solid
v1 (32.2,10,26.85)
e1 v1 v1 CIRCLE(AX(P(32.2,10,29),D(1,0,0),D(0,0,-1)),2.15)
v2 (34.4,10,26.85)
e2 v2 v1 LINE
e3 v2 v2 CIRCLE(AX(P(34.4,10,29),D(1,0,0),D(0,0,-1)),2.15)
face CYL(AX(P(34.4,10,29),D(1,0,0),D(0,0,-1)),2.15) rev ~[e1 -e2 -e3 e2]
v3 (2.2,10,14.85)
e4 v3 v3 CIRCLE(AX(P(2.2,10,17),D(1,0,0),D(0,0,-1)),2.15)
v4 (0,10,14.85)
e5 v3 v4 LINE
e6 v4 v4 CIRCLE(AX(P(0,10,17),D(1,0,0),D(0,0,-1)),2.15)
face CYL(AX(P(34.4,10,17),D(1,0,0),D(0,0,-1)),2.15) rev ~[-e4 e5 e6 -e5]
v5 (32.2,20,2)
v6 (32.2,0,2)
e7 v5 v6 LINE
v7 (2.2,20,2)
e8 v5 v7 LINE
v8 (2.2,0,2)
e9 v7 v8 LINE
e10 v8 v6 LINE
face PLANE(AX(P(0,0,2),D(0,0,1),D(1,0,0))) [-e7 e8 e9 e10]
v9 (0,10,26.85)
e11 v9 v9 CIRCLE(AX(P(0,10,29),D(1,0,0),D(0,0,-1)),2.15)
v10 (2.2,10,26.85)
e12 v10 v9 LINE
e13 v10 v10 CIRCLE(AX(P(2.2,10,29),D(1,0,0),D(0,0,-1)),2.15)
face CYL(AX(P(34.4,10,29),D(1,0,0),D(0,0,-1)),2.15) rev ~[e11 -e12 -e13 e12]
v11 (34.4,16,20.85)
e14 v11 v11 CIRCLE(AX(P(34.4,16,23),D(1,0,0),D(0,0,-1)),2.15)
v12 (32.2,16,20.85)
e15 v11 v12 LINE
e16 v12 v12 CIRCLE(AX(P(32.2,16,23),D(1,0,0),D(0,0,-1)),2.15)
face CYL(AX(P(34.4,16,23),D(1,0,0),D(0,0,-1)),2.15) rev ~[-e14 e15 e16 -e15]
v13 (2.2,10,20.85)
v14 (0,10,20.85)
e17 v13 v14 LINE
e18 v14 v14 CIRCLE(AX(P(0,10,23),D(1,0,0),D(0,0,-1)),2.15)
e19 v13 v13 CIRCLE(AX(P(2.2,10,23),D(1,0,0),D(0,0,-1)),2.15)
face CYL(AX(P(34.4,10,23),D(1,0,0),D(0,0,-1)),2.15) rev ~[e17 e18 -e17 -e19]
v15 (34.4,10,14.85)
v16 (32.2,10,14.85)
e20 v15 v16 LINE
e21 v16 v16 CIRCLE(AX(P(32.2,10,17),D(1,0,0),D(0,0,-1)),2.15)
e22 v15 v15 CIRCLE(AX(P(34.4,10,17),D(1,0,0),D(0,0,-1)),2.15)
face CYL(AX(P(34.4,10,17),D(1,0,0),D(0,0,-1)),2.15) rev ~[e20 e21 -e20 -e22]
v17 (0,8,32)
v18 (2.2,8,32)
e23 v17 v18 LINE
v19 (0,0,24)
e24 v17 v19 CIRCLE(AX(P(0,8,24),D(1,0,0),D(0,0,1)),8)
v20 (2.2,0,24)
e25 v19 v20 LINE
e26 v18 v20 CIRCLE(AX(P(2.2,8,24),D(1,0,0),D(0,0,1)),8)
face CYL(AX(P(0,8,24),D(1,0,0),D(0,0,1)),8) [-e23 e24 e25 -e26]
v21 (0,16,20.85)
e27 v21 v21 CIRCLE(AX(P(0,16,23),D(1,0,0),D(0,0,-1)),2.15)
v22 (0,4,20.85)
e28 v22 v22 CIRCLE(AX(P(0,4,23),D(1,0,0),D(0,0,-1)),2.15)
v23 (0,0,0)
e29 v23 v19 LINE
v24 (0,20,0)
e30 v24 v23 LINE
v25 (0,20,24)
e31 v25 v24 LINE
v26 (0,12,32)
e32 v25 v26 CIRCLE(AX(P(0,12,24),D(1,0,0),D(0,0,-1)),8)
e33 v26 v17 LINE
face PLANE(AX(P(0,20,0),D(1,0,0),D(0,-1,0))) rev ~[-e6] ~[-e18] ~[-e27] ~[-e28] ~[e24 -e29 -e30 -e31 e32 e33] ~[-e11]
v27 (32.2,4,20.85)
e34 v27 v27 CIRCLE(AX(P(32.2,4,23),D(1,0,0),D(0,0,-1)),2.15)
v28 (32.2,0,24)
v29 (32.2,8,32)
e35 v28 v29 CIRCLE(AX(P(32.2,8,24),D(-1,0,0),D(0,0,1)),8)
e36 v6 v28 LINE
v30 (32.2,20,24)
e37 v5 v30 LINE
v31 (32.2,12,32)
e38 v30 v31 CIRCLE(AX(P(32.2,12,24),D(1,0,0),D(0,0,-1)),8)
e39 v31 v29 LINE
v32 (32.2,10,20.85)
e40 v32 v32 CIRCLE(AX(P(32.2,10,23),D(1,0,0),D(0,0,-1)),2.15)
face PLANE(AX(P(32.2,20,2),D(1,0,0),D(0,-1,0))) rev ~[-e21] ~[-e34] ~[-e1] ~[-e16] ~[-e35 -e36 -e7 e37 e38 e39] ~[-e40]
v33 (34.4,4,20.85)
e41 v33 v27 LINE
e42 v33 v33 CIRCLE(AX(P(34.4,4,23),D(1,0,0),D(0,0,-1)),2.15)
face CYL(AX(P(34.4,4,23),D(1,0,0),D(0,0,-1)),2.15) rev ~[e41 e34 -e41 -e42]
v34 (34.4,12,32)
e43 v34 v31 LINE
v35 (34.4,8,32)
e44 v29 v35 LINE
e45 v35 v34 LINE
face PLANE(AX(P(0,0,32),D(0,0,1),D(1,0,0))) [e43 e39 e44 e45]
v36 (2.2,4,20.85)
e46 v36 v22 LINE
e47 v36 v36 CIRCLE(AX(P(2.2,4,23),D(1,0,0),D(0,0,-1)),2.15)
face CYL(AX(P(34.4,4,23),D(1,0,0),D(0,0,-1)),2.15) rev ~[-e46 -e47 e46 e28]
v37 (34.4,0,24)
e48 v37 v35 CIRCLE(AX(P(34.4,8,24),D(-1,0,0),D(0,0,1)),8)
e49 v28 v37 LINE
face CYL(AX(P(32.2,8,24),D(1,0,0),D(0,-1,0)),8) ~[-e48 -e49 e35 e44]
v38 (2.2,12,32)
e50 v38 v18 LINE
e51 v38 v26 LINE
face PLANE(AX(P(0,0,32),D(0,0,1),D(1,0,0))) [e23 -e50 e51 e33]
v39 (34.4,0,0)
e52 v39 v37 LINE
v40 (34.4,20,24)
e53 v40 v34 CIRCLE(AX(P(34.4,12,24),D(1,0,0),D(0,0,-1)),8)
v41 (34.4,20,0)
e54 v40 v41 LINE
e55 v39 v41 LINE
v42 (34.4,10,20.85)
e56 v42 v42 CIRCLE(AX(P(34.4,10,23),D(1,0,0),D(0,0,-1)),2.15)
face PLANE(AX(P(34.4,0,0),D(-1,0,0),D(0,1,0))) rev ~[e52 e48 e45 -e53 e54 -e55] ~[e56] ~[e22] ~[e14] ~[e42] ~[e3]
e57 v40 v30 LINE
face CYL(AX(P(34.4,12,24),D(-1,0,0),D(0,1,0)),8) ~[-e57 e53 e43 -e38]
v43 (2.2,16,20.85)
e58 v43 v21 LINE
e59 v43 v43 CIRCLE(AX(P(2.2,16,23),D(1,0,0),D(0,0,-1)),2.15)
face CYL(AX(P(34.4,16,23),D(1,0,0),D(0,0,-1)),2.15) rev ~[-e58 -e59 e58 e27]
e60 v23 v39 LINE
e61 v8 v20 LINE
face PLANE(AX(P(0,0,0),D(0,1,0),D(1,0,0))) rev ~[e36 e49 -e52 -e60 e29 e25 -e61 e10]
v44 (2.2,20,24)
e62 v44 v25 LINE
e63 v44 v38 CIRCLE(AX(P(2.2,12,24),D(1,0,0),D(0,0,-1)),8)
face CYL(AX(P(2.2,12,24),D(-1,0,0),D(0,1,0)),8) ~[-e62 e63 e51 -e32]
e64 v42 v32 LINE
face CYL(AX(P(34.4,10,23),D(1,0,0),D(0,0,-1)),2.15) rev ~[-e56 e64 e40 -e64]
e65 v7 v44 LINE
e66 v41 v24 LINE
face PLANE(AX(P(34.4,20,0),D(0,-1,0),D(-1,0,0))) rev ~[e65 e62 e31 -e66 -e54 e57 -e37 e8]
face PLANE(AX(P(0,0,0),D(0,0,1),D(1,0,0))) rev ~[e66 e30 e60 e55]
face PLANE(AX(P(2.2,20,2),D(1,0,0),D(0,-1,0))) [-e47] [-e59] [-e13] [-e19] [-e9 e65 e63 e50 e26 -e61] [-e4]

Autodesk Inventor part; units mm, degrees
ref_plane "YZ Plane" through (0, 0, 0) normal (1, 0, 0) x (0, 1, 0)
ref_plane "XZ Plane" through (0, 0, 0) normal (0, 1, 0) x (-1, 0, 0)
ref_plane "XY Plane" through (0, 0, 0) normal (0, 0, 1) x (1, 0, 0)
sketch "Esquisse1" plane through (0, 0, 0) normal (0, 0, 1) x (1, 0, 0)
  line L0 (0, 0) -> (34.4, 0)
  line L1 (34.4, 0) -> (34.4, 20)
  line L2 (34.4, 20) -> (0, 20)
  line L3 (0, 20) -> (0, 0)
  dimension "d0" = 34.4
  dimension "d1" = 20
extrude "Extrusion1" add sketch "Esquisse1" along normal blind 2
sketch "Esquisse2" plane through (0, 0, 2) normal (0, 0, 1) x (1, 0, 0)
  line L0 (0, 0) -> (34.4, 0) projected
  line L1 (34.4, 20) -> (0, 20) projected
  line L2 (0, 20) -> (0, 0) projected
  line L3 (0, 20) -> (2.2, 20)
  line L4 (2.2, 20) -> (2.2, 0)
  line L5 (2.2, 0) -> (0, 0)
  line L6 (0, 0) -> (0, 20)
  line L7 (17.2, 20) -> (17.2, 0) construction
  line L8 (34.4, 20) -> (32.2, 20)
  line L9 (32.2, 20) -> (32.2, 0)
  line L10 (32.2, 0) -> (34.4, 0)
  line L11 (34.4, 0) -> (34.4, 20)
  dimension "d4" = 2.2
extrude "Extrusion2" add sketch "Esquisse2" along normal blind 30 contours L2 L1 L4 L0 | L9 L1 L11 L0
sketch "Esquisse3" plane through (34.4, 0, 0) normal (1, 0, 0) x (0, 0, -1)
  line L0 (0, 0) -> (0, 20) construction
  line L1 (-32, 0) -> (-32, 20) construction
  line L2 (-32, 10) -> (0, 10) construction
  circle A0 centre (-23, 10) radius 2.15
  line L3 (-23, 10) -> (-23, 15.2246) construction
  circle A1 centre (-17, 10) radius 2.15
  circle A2 centre (-29, 10) radius 2.15
  circle A3 centre (-23, 10) radius 2.15
  circle A4 centre (-23, 16) radius 2.15
  circle A5 centre (-23, 4) radius 2.15
  circle A6 centre (-23, 10) radius 2.15
  dimension "d7" = 9
  dimension "d8" = 4.3
  dimension "d11" = 6
  dimension "d14" = 6
  dimension "d19" = 6
  dimension "d22" = 6
extrude "Extrusion3" cut sketch "Esquisse3" against normal through all
fillet "Congé1" radius 8 4 edges at (33.3, 20, 32) (1.1, 20, 32) (1.1, 0, 32) (33.3, 0, 32)
properties part number "U"
